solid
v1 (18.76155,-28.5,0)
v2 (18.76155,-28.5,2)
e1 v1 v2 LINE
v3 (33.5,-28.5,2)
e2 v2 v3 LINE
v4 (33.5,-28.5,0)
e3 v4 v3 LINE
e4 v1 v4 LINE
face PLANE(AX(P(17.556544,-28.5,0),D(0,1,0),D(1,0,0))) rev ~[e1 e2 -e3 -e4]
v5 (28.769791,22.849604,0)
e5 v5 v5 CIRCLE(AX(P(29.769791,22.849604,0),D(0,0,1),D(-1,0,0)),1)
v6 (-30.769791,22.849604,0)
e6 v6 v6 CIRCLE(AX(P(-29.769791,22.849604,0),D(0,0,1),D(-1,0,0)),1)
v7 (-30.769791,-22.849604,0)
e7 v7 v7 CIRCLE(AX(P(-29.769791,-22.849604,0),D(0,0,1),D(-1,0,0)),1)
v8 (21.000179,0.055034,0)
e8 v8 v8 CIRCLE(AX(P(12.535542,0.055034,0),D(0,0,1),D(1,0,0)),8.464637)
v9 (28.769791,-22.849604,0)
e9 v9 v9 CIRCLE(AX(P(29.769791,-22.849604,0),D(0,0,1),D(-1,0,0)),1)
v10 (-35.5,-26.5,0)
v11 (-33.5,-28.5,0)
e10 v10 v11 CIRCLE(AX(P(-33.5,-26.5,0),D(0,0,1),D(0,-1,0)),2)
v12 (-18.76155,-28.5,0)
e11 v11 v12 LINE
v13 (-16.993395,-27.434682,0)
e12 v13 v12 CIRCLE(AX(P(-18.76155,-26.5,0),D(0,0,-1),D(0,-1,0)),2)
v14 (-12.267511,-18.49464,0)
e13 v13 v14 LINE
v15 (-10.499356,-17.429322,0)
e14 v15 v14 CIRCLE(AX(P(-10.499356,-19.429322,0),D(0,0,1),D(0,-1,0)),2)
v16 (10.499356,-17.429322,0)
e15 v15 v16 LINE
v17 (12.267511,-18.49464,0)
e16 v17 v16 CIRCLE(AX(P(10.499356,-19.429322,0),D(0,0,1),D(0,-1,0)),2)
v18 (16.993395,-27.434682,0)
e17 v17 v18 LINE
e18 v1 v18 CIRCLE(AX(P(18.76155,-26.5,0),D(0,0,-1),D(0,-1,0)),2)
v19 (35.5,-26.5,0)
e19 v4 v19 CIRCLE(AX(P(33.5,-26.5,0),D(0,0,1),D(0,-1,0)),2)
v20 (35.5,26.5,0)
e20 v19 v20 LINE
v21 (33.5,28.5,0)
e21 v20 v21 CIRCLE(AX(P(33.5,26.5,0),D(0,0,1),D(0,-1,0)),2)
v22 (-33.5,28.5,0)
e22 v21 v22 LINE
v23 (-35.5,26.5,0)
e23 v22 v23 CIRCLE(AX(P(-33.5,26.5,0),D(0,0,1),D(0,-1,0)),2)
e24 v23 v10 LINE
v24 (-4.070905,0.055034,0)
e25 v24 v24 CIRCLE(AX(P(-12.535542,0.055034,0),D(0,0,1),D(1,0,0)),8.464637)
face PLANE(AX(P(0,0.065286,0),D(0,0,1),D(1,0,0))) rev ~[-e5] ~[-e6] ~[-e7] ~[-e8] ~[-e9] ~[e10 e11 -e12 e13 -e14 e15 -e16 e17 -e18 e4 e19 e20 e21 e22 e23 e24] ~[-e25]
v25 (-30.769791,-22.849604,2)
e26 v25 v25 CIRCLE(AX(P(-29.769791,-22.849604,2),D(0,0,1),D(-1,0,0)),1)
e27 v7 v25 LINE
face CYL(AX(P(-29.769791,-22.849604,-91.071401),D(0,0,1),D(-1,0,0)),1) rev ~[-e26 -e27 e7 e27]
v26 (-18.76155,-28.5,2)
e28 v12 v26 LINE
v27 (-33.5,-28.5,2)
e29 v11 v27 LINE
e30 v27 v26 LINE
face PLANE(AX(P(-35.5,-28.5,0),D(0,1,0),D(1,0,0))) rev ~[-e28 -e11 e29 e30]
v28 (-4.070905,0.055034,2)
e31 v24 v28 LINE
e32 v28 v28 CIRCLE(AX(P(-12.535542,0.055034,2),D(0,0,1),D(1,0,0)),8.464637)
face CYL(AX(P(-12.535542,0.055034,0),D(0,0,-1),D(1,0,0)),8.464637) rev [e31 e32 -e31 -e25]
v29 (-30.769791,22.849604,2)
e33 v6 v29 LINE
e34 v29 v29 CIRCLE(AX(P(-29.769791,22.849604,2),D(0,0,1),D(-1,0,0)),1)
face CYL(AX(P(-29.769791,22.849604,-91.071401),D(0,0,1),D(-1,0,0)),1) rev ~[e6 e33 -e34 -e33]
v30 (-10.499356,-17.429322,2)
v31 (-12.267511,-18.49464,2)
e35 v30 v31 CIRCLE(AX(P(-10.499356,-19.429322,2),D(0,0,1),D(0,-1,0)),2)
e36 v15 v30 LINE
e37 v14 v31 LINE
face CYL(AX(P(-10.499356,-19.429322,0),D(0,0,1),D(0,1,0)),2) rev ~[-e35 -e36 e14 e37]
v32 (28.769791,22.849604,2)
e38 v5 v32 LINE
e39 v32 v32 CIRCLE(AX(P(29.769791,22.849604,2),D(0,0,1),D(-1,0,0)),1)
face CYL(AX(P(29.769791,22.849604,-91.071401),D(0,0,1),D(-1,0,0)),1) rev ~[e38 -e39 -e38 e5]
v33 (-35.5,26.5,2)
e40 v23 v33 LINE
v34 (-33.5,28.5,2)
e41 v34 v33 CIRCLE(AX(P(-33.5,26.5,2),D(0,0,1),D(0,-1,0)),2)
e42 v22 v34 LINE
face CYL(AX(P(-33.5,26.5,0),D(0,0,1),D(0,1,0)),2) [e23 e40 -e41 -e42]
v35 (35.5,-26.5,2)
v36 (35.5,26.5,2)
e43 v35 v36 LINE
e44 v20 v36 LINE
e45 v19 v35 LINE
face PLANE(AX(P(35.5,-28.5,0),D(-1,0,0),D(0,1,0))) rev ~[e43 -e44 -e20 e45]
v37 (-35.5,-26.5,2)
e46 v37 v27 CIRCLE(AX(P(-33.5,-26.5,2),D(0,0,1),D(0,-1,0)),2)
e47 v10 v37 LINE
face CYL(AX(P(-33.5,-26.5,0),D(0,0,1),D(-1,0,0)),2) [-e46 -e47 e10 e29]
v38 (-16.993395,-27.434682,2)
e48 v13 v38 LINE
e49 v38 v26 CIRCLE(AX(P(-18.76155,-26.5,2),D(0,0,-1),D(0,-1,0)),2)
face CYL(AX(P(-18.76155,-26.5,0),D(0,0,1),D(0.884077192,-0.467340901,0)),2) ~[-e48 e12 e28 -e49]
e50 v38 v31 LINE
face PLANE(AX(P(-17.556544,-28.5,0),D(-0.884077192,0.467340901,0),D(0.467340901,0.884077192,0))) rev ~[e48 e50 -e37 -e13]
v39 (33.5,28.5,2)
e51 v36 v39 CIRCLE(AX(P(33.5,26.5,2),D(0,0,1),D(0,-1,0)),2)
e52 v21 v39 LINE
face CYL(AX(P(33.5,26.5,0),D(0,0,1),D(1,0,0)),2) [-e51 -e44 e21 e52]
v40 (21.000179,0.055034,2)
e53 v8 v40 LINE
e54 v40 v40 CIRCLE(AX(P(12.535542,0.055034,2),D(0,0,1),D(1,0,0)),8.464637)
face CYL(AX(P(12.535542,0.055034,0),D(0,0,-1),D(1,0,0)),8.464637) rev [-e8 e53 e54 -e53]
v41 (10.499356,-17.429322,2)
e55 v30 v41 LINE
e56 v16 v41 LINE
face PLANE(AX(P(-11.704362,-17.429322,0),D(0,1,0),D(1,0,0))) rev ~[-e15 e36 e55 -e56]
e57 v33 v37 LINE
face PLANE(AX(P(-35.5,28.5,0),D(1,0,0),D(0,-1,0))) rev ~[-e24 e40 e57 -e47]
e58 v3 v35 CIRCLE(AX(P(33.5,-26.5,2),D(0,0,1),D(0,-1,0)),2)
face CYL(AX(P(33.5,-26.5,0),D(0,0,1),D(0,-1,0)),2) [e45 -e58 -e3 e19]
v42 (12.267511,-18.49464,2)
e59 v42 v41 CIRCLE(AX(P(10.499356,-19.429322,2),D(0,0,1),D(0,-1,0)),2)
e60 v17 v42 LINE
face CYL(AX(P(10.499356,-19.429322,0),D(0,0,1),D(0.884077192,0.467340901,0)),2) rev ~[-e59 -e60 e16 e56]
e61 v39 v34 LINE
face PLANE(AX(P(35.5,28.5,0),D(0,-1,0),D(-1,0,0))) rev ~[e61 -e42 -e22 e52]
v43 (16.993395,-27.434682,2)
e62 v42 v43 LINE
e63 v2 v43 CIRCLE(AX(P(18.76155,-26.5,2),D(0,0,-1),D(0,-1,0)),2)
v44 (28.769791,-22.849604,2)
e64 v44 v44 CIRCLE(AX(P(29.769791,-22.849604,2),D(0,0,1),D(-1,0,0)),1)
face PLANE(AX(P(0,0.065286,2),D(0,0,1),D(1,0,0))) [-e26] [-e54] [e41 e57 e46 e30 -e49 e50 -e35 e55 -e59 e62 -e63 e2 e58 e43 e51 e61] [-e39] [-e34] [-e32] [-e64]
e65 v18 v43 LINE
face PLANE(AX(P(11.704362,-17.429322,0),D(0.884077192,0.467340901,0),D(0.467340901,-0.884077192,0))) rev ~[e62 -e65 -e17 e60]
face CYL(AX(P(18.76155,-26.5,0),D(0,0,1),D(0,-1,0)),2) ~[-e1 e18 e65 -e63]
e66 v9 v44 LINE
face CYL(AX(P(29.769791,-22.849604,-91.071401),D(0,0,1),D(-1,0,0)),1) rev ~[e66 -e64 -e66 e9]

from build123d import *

# Parameters (mm, degrees)
F0_R     = 8.464637
F1_DEPTH = 2
F2_R     = 2
F3_D     = 2


with BuildPart() as f1:
    # F0 (on Top) → F1 (new body)
    with BuildSketch(Plane.XY):
        Polygon((17.556544, -28.5), (35.5, -28.5), (35.5, 28.5), (-35.5, 28.5), (-35.5, -28.5), (-17.556544, -28.5), (-11.704362, -17.429322), (0, -17.429322), (11.704362, -17.429322), align=None)
        with Locations((-12.535542, 0.055034)):
            Circle(F0_R, mode=Mode.SUBTRACT)
        with Locations((12.535542, 0.055034)):
            Circle(F0_R, mode=Mode.SUBTRACT)
    extrude(amount=F1_DEPTH)

    # F2
    f2_edges = [f1.edges().sort_by_distance(p)[0] for p in [
        (-35.5, 28.5, 1),
        (-35.5, -28.5, 1),
        (-17.556544, -28.5, 1),
        (-11.704362, -17.429322, 1),
        (11.704362, -17.429322, 1),
        (17.556544, -28.5, 1),
        (35.5, -28.5, 1),
        (35.5, 28.5, 1),
    ]]
    fillet(f2_edges, radius=F2_R)

    # F3 (through all)
    with Locations(Plane(origin=(0, 0, 0), x_dir=(1, 0, 0), z_dir=(0, 0, -1))):
        with Locations((-29.769791, 22.849604), (29.769791, 22.849604), (29.769791, -22.849604), (-29.769791, -22.849604)):
            Hole(F3_D / 2)


solid = f1.part
